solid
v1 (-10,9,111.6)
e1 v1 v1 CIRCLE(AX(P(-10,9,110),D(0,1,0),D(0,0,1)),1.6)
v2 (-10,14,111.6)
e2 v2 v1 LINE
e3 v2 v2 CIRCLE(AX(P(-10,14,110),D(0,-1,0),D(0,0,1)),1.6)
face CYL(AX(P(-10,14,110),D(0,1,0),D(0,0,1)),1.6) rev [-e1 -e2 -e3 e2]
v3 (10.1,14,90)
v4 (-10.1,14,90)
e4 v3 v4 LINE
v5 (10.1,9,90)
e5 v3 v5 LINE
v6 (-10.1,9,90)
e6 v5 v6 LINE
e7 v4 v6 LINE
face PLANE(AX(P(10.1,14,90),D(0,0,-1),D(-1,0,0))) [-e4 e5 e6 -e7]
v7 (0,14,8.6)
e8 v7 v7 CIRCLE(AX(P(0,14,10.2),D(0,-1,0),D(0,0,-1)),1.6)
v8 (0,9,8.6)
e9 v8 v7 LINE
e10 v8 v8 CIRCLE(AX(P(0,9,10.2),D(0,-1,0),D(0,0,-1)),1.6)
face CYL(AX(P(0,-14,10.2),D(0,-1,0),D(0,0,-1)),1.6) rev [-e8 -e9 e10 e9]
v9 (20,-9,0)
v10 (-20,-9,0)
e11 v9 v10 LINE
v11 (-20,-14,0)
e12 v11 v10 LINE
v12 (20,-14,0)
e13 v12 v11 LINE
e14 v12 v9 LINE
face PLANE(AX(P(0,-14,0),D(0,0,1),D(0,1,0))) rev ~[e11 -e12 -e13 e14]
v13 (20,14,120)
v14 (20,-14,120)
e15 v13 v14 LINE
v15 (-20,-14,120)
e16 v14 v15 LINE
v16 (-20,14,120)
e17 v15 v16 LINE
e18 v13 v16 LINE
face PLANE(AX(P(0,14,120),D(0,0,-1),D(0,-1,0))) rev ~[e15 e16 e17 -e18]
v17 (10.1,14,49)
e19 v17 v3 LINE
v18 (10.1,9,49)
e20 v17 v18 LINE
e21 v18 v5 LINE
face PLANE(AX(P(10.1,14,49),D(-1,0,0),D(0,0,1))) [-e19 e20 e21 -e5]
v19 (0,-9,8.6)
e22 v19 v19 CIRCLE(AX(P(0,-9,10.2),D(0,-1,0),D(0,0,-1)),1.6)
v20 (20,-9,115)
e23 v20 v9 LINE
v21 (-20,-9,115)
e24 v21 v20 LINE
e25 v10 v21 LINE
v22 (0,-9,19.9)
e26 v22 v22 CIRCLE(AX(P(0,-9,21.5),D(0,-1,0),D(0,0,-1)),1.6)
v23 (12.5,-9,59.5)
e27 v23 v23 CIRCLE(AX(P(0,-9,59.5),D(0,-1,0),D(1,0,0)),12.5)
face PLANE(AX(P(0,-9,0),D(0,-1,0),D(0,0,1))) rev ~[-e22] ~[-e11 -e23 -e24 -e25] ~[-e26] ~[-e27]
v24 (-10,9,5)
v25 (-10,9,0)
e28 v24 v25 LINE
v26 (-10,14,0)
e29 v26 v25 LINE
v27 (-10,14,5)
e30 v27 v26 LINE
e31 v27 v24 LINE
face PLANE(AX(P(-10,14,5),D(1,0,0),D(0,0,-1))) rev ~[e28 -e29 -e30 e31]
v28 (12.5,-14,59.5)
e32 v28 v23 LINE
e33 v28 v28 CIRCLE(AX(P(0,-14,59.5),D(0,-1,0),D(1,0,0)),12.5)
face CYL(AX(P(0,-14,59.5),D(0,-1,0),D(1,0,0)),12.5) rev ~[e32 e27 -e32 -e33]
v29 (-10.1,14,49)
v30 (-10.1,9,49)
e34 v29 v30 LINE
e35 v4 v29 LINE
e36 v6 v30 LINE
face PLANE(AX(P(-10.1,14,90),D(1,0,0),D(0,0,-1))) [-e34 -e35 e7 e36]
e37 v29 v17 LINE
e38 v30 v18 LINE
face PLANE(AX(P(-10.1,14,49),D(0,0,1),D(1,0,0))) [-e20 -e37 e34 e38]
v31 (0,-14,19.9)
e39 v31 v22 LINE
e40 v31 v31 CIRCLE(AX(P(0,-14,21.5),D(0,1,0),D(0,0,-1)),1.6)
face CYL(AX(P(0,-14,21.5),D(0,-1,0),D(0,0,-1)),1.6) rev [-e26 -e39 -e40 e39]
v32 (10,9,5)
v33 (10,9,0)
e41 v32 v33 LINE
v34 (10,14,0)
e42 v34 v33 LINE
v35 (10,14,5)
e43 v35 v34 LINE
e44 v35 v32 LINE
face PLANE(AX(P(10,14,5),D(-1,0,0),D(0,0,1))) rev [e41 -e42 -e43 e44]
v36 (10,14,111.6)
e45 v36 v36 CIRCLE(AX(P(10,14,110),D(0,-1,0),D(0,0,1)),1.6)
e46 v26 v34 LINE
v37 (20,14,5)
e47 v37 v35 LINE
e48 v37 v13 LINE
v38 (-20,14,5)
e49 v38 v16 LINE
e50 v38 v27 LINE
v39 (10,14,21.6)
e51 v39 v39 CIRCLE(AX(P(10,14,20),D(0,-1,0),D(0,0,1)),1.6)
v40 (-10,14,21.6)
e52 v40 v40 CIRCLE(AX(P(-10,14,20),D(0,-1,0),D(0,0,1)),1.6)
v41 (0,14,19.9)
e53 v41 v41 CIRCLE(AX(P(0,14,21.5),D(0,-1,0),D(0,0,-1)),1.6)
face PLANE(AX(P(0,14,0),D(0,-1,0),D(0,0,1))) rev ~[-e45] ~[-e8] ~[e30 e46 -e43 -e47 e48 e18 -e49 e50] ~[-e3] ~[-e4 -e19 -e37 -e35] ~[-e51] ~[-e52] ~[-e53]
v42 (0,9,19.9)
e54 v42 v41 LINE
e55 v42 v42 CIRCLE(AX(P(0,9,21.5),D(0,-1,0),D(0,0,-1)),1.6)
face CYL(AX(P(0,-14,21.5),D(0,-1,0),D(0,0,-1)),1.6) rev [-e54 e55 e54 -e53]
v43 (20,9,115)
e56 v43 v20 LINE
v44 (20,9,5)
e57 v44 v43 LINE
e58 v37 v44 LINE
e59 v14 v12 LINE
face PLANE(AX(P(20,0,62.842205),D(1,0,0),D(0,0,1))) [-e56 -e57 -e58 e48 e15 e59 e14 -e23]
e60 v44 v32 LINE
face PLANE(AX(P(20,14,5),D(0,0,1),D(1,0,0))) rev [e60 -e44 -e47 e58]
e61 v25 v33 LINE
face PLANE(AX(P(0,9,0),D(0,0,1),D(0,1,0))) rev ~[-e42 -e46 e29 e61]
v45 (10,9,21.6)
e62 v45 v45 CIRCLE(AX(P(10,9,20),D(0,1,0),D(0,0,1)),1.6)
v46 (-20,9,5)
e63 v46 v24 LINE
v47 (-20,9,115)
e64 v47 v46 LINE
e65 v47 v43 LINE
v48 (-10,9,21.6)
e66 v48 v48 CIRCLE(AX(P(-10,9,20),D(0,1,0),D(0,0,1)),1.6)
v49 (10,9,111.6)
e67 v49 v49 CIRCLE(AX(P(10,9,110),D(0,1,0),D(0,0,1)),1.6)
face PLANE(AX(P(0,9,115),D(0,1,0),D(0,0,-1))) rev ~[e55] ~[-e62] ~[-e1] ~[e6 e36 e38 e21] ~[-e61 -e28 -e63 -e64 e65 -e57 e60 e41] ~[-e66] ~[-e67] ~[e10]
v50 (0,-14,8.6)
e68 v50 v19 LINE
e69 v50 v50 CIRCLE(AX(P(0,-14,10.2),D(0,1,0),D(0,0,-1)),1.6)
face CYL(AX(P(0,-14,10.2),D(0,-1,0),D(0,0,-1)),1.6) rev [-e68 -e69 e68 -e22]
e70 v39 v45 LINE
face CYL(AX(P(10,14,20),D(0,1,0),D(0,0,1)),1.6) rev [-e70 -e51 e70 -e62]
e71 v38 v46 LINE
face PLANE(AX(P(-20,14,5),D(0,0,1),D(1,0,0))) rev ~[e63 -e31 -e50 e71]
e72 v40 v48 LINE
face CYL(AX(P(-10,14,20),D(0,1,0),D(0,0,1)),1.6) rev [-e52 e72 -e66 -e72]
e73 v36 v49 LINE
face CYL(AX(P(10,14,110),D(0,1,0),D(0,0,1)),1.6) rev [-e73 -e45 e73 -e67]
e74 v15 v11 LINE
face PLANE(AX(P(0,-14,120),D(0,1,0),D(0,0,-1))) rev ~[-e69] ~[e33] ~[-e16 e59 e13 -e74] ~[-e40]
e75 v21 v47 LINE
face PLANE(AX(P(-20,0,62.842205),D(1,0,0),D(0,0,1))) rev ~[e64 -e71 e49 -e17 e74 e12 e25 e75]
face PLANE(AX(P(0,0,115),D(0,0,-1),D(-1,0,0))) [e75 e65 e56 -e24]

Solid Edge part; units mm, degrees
sketch "Sketch1" plane through (0, 0, 0) normal (1, 0, 0) x (0, 1, 0)
  line L0 (-9, 115) -> (9, 115)
  line L1 (9, 115) -> (9, 0)
  line L2 (9, 0) -> (14, 0)
  line L3 (14, 0) -> (14, 120)
  line L4 (14, 120) -> (-14, 120)
  line L5 (-14, 120) -> (-14, 0)
  line L6 (-14, 0) -> (-9, 0)
  line L7 (-9, 0) -> (-9, 115)
extrude "Protrusion1" add sketch "Sketch1" along normal mid plane 40
sketch "Sketch2" plane through (0, 14, 45) normal (0, 1, 0) x (-1, 0, 0)
  line L0 (-10.1, 4) -> (-10.1, 45)
  line L1 (-10.1, 45) -> (10.1, 45)
  line L2 (10.1, 45) -> (10.1, 4)
  line L3 (10.1, 4) -> (-10.1, 4)
extrude "Cutout1" cut sketch "Sketch2" against normal up to vertex (5 mm away)
sketch "Sketch3" plane through (0, -14, 45) normal (0, -1, 0) x (1, 0, 0)
  circle A0 centre (0, 14.5) radius 12.5
extrude "Cutout2" cut sketch "Sketch3" against normal up to vertex (5 mm away)
hole "Agujero_1" at (0, -14, 21.5) direction (0, 1, 0) diameter 3.2 end through all
hole "Hole1" at (0, -14, 10.2) direction (0, 1, 0) diameter 3.2 end through all
hole "Agujero_3" at (-10, 14, 20) direction (0, -1, 0) diameter 3.2 end up to next
hole "Hole2" at (10, 14, 20) direction (0, -1, 0) diameter 3.2 end up to next
hole "Agujero_5" at (-10, 14, 110) direction (0, -1, 0) diameter 3.2 end up to next
hole "Hole3" at (10, 14, 110) direction (0, -1, 0) diameter 3.2 end up to next
sketch "Sketch4" plane through (0, 14, 60) normal (0, 1, 0) x (-1, 0, 0)
  line L0 (20, -55) -> (10, -55)
  line L1 (10, -55) -> (10, -60)
  line L2 (10, -60) -> (20, -60)
  line L3 (20, -60) -> (20, -55)
extrude "Cutout3" cut sketch "Sketch4" against normal up to vertex (5 mm away)
mirror "Mirror1" about plane through (0, 0, 0) normal (1, 0, 0) of "Cutout3"
sketch "Sketch5" plane through (0, 0, 120) normal (0, 0, 1) x (0, 1, 0)
  line L0 (-9, 20) -> (-9, 10)
  line L1 (-9, 10) -> (-14, 10)
  line L2 (-14, -10) -> (-14, 10)
  line L3 (-14, -10) -> (-9, -10)
  line L4 (-9, -10) -> (-9, -20)
  line L5 (9, -20) -> (-9, -20)
  line L6 (9, -20) -> (9, -10)
  line L7 (9, -10) -> (14, -10)
  line L8 (14, 10) -> (14, -10)
  line L9 (14, 10) -> (9, 10)
  line L10 (9, 10) -> (9, 20)
  line L11 (-9, 20) -> (9, 20)
extrude "Cutout5" cut sketch "Sketch5" against normal up to vertex (5 mm away)
sketch "Sketch6" plane through (0, 0, 120) normal (0, 0, 1) x (0, 1, 0)
  line L0 (-9, 20) -> (9, 20)
  line L1 (9, 10) -> (9, 20)
  line L2 (14, 10) -> (9, 10)
  line L3 (14, 10) -> (14, -10)
  line L4 (9, -10) -> (14, -10)
  line L5 (9, -20) -> (9, -10)
  line L6 (9, -20) -> (-9, -20)
  line L7 (-9, -10) -> (-9, -20)
  line L8 (-14, -10) -> (-9, -10)
  line L9 (-14, -10) -> (-14, 10)
  line L10 (-9, 10) -> (-14, 10)
  line L11 (-9, 20) -> (-9, 10)
extrude "Protrusion2" add sketch "Sketch6" against normal up to vertex (5 mm away)
